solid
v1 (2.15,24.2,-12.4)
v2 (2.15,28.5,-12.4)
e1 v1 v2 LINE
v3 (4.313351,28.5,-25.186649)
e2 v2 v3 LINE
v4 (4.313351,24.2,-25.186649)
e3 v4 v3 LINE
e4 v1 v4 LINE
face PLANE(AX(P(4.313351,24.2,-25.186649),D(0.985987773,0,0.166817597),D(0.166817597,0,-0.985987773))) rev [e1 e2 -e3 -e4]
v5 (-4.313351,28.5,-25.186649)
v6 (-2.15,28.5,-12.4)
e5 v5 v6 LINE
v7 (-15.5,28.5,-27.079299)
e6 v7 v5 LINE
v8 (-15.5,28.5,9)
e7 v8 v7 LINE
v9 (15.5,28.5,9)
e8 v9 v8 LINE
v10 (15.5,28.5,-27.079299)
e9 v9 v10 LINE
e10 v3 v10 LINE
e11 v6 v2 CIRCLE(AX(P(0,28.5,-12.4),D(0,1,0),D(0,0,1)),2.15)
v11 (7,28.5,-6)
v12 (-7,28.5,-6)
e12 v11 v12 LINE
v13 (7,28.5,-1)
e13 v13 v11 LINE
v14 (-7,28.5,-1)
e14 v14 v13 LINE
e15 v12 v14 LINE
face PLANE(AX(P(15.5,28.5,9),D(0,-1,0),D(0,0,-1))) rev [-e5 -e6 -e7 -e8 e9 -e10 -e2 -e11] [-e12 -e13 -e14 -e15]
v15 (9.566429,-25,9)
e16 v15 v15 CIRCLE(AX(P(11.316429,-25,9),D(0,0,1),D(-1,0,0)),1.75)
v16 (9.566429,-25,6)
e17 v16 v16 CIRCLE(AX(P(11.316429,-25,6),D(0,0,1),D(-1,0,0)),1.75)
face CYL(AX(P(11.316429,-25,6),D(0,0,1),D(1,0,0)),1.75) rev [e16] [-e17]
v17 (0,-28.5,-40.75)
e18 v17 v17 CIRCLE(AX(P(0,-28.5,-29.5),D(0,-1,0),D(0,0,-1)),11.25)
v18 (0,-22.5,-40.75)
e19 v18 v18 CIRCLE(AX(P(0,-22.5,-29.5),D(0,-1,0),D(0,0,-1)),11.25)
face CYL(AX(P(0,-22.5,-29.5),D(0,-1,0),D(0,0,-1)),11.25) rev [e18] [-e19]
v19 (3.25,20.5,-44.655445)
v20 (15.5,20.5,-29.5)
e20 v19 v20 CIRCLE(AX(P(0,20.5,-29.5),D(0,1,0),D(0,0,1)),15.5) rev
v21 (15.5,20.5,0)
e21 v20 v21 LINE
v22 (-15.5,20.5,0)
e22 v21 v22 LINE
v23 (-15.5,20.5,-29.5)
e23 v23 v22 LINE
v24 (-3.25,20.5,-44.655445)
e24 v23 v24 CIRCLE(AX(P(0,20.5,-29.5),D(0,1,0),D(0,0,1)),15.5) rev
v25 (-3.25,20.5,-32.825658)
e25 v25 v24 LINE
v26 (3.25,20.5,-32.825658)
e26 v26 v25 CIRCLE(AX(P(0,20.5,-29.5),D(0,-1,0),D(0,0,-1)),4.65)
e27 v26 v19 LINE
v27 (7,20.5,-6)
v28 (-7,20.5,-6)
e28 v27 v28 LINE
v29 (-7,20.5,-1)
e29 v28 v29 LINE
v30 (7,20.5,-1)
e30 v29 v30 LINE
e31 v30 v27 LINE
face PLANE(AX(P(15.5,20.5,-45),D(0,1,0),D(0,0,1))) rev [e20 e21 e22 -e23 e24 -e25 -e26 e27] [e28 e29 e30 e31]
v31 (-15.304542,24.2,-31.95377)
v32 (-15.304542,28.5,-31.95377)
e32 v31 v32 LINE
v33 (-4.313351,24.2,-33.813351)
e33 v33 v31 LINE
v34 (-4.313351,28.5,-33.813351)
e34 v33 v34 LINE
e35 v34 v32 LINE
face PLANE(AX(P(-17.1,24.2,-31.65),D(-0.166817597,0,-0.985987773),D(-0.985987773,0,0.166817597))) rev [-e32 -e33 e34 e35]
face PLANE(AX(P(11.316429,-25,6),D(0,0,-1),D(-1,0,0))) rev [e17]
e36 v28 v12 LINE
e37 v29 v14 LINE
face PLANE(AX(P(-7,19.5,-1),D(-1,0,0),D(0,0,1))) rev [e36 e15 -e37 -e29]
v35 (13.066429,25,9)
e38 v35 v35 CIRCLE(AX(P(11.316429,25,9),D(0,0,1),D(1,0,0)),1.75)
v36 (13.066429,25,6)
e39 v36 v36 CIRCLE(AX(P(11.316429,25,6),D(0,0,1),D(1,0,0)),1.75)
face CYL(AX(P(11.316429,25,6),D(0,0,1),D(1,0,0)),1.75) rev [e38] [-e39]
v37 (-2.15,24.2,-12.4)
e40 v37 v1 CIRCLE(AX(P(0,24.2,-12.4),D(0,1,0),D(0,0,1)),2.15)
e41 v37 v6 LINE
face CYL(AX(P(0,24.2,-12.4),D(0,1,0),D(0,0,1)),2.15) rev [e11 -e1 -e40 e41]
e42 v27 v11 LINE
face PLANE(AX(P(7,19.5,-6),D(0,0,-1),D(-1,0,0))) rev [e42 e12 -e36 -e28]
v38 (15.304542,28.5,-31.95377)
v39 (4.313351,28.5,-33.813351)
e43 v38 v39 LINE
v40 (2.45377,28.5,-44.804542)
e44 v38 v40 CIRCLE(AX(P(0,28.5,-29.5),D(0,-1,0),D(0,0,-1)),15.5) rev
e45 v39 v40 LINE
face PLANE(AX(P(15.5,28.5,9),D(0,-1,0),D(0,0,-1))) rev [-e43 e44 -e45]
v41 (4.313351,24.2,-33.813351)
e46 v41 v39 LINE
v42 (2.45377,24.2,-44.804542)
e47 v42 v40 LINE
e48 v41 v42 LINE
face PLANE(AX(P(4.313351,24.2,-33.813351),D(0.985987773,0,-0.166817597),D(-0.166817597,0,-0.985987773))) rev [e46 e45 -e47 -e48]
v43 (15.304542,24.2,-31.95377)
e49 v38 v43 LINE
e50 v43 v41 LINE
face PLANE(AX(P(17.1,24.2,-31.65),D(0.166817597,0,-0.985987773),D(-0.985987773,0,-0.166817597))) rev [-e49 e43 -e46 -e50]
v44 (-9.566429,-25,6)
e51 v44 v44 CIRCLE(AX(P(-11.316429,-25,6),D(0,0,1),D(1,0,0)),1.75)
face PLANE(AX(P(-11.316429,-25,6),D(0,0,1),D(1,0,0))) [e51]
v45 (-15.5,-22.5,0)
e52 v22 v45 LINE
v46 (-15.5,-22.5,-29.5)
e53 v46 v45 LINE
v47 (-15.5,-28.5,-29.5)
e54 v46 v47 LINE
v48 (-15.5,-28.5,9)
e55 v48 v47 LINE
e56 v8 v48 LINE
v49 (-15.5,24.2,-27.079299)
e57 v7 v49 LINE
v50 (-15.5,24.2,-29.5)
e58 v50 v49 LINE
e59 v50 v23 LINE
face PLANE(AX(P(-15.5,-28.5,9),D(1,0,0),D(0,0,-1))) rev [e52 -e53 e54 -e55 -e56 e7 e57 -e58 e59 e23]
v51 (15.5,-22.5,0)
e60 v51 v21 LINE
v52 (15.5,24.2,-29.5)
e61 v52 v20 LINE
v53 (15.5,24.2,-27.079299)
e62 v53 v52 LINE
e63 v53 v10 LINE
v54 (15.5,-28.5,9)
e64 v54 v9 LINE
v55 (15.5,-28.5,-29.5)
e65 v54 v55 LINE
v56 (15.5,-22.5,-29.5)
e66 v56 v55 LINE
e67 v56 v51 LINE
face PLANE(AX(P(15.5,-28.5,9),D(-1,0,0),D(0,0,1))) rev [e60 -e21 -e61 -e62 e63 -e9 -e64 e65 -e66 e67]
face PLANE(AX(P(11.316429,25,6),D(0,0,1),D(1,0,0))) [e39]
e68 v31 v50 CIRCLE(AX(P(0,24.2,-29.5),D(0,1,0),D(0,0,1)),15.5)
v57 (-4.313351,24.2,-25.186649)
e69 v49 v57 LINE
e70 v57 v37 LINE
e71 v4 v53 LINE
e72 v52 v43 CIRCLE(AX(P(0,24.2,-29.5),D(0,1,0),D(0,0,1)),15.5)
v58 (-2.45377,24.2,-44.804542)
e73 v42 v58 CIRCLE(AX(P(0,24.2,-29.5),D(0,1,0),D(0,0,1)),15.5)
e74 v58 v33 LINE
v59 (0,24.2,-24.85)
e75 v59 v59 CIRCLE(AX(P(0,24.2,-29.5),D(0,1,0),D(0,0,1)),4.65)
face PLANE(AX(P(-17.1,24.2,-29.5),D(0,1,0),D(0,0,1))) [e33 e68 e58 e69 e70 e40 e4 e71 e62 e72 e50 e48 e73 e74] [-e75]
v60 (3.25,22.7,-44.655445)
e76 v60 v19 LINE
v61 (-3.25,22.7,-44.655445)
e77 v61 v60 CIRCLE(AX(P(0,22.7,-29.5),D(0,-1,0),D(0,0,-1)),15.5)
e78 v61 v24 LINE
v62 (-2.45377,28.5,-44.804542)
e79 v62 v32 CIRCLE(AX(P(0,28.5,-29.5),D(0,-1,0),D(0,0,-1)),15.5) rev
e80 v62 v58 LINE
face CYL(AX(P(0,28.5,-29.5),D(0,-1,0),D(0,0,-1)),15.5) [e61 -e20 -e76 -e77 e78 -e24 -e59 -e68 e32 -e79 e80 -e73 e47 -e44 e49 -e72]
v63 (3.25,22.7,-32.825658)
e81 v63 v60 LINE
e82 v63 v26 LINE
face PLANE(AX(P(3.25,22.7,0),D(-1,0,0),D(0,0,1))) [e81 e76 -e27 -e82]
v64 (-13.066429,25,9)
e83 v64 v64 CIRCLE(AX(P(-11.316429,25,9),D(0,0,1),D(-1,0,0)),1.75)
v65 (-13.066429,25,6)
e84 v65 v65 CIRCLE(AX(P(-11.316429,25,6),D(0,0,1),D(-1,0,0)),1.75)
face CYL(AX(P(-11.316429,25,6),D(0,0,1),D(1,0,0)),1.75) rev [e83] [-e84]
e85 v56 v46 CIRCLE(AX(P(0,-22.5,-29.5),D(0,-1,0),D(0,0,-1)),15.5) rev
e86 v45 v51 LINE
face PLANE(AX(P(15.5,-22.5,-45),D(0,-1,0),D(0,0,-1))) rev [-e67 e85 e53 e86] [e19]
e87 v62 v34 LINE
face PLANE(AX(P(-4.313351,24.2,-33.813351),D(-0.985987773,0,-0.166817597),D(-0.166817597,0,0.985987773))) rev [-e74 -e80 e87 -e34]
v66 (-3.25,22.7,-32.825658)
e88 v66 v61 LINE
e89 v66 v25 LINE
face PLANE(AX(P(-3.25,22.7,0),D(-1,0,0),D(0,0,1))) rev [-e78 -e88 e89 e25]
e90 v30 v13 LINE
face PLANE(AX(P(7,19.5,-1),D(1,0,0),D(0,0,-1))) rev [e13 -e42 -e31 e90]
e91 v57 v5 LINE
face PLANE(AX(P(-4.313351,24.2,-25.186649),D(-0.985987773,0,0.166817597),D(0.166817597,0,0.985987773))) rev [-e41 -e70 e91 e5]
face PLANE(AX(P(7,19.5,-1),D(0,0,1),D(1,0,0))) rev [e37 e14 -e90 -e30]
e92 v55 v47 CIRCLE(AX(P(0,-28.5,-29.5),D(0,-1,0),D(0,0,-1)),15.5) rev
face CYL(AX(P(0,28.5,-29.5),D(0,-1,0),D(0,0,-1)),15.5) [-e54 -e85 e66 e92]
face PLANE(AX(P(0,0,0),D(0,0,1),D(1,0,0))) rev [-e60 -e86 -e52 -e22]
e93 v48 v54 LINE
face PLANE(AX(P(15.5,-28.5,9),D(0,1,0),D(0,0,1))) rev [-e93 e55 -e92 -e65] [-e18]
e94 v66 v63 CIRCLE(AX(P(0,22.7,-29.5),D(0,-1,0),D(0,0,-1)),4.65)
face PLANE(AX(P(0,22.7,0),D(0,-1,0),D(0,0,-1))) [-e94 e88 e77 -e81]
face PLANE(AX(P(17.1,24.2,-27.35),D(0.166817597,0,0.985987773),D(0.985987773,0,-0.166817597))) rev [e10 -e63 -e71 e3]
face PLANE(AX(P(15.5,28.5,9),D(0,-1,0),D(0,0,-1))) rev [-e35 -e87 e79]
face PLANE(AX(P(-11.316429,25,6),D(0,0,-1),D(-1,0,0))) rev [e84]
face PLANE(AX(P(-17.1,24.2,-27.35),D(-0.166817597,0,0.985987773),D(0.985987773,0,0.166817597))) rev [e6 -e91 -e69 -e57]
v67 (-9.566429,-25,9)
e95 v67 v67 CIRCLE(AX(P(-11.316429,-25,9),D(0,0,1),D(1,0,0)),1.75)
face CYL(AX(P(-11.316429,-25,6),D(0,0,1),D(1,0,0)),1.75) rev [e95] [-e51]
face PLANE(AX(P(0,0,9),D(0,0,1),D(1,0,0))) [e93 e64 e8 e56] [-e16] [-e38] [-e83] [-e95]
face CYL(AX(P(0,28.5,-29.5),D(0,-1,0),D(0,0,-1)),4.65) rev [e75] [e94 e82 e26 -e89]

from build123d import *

# Parameters (mm, degrees)
BOSS_EXTRUDE1_DEPTH = 9
SKETCH4_W           = 31
SKETCH4_H           = 8
SKETCH4_H_2         = 6
BOSS_EXTRUDE4_DEPTH = 45
CUT_EXTRUDE1_DEPTH  = 58
SKETCH6_3_R         = 11.25
CUT_EXTRUDE2_DEPTH  = 6
CUT_EXTRUDE3_DEPTH  = 4.3
CUT_EXTRUDE4_DEPTH  = 2.2
SKETCH9_3_R         = 4.65
CUT_EXTRUDE5_DEPTH  = 8
SKETCH13_W          = 14
SKETCH13_H          = 5
CUT_EXTRUDE8_DEPTH  = 9
SKETCH14_R          = 1.75
CUT_EXTRUDE9_DEPTH  = 3


with BuildPart() as part:
    # Sketch1 → Boss-Extrude1 (new body)
    with BuildSketch(Plane.XY):
        Polygon((15.5, -28.5), (-15.5, -28.5), (-15.5, -10.3), (-15.5, 10.3), (-15.5, 28.5), (15.5, 28.5), align=None)
    extrude(amount=BOSS_EXTRUDE1_DEPTH)

    # Sketch4 → Boss-Extrude4 (add)
    with BuildSketch(Plane(origin=(0, 0, 0), x_dir=(-1, 0, 0), z_dir=(0, 0, -1))):
        with Locations((0, 24.5)):
            Rectangle(SKETCH4_W, SKETCH4_H)
        with Locations((0, -25.5)):
            Rectangle(SKETCH4_W, SKETCH4_H_2)
    extrude(amount=BOSS_EXTRUDE4_DEPTH)

    # Sketch6 → Cut-Extrude1 (cut, through all)
    with BuildSketch(Plane.XZ.offset(28.5)):
        with BuildLine():
            ThreePointArc((15.5, -29.5), (10.960155101, -40.460155116), (-2.1e-08, -45))
            Line((-2.1e-08, -45), (15.5, -45))
            Line((15.5, -45), (15.5, -29.5))
        make_face()
        with BuildLine():
            ThreePointArc((-2.1e-08, -45), (-10.960155116, -40.460155101), (-15.5, -29.5))
            Line((-15.5, -29.5), (-15.5, -45))
            Line((-15.5, -45), (-2.1e-08, -45))
        make_face()
    extrude(amount=-CUT_EXTRUDE1_DEPTH, mode=Mode.SUBTRACT)

    # Sketch6<3> → Cut-Extrude2 (cut)
    with BuildSketch(Plane.XZ.offset(28.5)):
        with Locations((0, -29.5)):
            Circle(SKETCH6_3_R)
    extrude(amount=-CUT_EXTRUDE2_DEPTH, mode=Mode.SUBTRACT)

    # Sketch7 → Cut-Extrude3 (cut)
    with BuildSketch(Plane(origin=(0, 28.5, 0), x_dir=(1, 0, 0), z_dir=(0, 1, 0))):
        with BuildLine():
            Line((-17.1, 31.65), (-4.313351365, 33.813351365))
            Line((-4.313351365, 33.813351365), (-2.15, 46.6))
            ThreePointArc((-2.15, 46.6), (0, 48.75), (2.15, 46.6))
            Line((2.15, 46.6), (4.313351365, 33.813351365))
            Line((4.313351365, 33.813351365), (17.1, 31.65))
            ThreePointArc((17.1, 31.65), (19.25, 29.5), (17.1, 27.35))
            Line((17.1, 27.35), (4.313351365, 25.186648635))
            Line((4.313351365, 25.186648635), (2.15, 12.4))
            ThreePointArc((2.15, 12.4), (0, 10.25), (-2.15, 12.4))
            Line((-2.15, 12.4), (-4.313351365, 25.186648635))
            Line((-4.313351365, 25.186648635), (-17.1, 27.35))
            ThreePointArc((-17.1, 27.35), (-19.25, 29.5), (-17.1, 31.65))
        make_face()
    extrude(amount=-CUT_EXTRUDE3_DEPTH, mode=Mode.SUBTRACT)

    # Sketch9 → Cut-Extrude4 (cut)
    with BuildSketch(Plane.XZ.offset(-20.5)):
        with BuildLine():
            ThreePointArc((3.25, -32.82565783), (0, -34.15), (-3.25, -32.82565783))
            Line((-3.25, -32.82565783), (-3.25, -44.655444566))
            ThreePointArc((-3.25, -44.655444566), (0, -45), (3.25, -44.655444566))
            Line((3.25, -44.655444566), (3.25, -32.82565783))
        make_face()
    extrude(amount=-CUT_EXTRUDE4_DEPTH, mode=Mode.SUBTRACT)

    # Sketch9<3> → Cut-Extrude5 (cut)
    with BuildSketch(Plane.XZ.offset(-20.5)):
        with Locations((0, -29.5)):
            Circle(SKETCH9_3_R)
    extrude(amount=-CUT_EXTRUDE5_DEPTH, mode=Mode.SUBTRACT)

    # Sketch13 → Cut-Extrude8 (cut)
    with BuildSketch(Plane(origin=(0, 28.5, 0), x_dir=(1, 0, 0), z_dir=(0, 1, 0))):
        with Locations((0, 3.5)):
            Rectangle(SKETCH13_W, SKETCH13_H)
    extrude(amount=-CUT_EXTRUDE8_DEPTH, mode=Mode.SUBTRACT)

    # Sketch14 → Cut-Extrude9 (cut)
    with BuildSketch(Plane.XY.offset(9)):
        with Locations((11.31642939, 25)):
            Circle(SKETCH14_R)
        with Locations((-11.31642939, 25)):
            Circle(SKETCH14_R)
        with Locations((11.31642939, -25)):
            Circle(SKETCH14_R)
        with Locations((-11.31642939, -25)):
            Circle(SKETCH14_R)
    extrude(amount=-CUT_EXTRUDE9_DEPTH, mode=Mode.SUBTRACT)


solid = part.part
